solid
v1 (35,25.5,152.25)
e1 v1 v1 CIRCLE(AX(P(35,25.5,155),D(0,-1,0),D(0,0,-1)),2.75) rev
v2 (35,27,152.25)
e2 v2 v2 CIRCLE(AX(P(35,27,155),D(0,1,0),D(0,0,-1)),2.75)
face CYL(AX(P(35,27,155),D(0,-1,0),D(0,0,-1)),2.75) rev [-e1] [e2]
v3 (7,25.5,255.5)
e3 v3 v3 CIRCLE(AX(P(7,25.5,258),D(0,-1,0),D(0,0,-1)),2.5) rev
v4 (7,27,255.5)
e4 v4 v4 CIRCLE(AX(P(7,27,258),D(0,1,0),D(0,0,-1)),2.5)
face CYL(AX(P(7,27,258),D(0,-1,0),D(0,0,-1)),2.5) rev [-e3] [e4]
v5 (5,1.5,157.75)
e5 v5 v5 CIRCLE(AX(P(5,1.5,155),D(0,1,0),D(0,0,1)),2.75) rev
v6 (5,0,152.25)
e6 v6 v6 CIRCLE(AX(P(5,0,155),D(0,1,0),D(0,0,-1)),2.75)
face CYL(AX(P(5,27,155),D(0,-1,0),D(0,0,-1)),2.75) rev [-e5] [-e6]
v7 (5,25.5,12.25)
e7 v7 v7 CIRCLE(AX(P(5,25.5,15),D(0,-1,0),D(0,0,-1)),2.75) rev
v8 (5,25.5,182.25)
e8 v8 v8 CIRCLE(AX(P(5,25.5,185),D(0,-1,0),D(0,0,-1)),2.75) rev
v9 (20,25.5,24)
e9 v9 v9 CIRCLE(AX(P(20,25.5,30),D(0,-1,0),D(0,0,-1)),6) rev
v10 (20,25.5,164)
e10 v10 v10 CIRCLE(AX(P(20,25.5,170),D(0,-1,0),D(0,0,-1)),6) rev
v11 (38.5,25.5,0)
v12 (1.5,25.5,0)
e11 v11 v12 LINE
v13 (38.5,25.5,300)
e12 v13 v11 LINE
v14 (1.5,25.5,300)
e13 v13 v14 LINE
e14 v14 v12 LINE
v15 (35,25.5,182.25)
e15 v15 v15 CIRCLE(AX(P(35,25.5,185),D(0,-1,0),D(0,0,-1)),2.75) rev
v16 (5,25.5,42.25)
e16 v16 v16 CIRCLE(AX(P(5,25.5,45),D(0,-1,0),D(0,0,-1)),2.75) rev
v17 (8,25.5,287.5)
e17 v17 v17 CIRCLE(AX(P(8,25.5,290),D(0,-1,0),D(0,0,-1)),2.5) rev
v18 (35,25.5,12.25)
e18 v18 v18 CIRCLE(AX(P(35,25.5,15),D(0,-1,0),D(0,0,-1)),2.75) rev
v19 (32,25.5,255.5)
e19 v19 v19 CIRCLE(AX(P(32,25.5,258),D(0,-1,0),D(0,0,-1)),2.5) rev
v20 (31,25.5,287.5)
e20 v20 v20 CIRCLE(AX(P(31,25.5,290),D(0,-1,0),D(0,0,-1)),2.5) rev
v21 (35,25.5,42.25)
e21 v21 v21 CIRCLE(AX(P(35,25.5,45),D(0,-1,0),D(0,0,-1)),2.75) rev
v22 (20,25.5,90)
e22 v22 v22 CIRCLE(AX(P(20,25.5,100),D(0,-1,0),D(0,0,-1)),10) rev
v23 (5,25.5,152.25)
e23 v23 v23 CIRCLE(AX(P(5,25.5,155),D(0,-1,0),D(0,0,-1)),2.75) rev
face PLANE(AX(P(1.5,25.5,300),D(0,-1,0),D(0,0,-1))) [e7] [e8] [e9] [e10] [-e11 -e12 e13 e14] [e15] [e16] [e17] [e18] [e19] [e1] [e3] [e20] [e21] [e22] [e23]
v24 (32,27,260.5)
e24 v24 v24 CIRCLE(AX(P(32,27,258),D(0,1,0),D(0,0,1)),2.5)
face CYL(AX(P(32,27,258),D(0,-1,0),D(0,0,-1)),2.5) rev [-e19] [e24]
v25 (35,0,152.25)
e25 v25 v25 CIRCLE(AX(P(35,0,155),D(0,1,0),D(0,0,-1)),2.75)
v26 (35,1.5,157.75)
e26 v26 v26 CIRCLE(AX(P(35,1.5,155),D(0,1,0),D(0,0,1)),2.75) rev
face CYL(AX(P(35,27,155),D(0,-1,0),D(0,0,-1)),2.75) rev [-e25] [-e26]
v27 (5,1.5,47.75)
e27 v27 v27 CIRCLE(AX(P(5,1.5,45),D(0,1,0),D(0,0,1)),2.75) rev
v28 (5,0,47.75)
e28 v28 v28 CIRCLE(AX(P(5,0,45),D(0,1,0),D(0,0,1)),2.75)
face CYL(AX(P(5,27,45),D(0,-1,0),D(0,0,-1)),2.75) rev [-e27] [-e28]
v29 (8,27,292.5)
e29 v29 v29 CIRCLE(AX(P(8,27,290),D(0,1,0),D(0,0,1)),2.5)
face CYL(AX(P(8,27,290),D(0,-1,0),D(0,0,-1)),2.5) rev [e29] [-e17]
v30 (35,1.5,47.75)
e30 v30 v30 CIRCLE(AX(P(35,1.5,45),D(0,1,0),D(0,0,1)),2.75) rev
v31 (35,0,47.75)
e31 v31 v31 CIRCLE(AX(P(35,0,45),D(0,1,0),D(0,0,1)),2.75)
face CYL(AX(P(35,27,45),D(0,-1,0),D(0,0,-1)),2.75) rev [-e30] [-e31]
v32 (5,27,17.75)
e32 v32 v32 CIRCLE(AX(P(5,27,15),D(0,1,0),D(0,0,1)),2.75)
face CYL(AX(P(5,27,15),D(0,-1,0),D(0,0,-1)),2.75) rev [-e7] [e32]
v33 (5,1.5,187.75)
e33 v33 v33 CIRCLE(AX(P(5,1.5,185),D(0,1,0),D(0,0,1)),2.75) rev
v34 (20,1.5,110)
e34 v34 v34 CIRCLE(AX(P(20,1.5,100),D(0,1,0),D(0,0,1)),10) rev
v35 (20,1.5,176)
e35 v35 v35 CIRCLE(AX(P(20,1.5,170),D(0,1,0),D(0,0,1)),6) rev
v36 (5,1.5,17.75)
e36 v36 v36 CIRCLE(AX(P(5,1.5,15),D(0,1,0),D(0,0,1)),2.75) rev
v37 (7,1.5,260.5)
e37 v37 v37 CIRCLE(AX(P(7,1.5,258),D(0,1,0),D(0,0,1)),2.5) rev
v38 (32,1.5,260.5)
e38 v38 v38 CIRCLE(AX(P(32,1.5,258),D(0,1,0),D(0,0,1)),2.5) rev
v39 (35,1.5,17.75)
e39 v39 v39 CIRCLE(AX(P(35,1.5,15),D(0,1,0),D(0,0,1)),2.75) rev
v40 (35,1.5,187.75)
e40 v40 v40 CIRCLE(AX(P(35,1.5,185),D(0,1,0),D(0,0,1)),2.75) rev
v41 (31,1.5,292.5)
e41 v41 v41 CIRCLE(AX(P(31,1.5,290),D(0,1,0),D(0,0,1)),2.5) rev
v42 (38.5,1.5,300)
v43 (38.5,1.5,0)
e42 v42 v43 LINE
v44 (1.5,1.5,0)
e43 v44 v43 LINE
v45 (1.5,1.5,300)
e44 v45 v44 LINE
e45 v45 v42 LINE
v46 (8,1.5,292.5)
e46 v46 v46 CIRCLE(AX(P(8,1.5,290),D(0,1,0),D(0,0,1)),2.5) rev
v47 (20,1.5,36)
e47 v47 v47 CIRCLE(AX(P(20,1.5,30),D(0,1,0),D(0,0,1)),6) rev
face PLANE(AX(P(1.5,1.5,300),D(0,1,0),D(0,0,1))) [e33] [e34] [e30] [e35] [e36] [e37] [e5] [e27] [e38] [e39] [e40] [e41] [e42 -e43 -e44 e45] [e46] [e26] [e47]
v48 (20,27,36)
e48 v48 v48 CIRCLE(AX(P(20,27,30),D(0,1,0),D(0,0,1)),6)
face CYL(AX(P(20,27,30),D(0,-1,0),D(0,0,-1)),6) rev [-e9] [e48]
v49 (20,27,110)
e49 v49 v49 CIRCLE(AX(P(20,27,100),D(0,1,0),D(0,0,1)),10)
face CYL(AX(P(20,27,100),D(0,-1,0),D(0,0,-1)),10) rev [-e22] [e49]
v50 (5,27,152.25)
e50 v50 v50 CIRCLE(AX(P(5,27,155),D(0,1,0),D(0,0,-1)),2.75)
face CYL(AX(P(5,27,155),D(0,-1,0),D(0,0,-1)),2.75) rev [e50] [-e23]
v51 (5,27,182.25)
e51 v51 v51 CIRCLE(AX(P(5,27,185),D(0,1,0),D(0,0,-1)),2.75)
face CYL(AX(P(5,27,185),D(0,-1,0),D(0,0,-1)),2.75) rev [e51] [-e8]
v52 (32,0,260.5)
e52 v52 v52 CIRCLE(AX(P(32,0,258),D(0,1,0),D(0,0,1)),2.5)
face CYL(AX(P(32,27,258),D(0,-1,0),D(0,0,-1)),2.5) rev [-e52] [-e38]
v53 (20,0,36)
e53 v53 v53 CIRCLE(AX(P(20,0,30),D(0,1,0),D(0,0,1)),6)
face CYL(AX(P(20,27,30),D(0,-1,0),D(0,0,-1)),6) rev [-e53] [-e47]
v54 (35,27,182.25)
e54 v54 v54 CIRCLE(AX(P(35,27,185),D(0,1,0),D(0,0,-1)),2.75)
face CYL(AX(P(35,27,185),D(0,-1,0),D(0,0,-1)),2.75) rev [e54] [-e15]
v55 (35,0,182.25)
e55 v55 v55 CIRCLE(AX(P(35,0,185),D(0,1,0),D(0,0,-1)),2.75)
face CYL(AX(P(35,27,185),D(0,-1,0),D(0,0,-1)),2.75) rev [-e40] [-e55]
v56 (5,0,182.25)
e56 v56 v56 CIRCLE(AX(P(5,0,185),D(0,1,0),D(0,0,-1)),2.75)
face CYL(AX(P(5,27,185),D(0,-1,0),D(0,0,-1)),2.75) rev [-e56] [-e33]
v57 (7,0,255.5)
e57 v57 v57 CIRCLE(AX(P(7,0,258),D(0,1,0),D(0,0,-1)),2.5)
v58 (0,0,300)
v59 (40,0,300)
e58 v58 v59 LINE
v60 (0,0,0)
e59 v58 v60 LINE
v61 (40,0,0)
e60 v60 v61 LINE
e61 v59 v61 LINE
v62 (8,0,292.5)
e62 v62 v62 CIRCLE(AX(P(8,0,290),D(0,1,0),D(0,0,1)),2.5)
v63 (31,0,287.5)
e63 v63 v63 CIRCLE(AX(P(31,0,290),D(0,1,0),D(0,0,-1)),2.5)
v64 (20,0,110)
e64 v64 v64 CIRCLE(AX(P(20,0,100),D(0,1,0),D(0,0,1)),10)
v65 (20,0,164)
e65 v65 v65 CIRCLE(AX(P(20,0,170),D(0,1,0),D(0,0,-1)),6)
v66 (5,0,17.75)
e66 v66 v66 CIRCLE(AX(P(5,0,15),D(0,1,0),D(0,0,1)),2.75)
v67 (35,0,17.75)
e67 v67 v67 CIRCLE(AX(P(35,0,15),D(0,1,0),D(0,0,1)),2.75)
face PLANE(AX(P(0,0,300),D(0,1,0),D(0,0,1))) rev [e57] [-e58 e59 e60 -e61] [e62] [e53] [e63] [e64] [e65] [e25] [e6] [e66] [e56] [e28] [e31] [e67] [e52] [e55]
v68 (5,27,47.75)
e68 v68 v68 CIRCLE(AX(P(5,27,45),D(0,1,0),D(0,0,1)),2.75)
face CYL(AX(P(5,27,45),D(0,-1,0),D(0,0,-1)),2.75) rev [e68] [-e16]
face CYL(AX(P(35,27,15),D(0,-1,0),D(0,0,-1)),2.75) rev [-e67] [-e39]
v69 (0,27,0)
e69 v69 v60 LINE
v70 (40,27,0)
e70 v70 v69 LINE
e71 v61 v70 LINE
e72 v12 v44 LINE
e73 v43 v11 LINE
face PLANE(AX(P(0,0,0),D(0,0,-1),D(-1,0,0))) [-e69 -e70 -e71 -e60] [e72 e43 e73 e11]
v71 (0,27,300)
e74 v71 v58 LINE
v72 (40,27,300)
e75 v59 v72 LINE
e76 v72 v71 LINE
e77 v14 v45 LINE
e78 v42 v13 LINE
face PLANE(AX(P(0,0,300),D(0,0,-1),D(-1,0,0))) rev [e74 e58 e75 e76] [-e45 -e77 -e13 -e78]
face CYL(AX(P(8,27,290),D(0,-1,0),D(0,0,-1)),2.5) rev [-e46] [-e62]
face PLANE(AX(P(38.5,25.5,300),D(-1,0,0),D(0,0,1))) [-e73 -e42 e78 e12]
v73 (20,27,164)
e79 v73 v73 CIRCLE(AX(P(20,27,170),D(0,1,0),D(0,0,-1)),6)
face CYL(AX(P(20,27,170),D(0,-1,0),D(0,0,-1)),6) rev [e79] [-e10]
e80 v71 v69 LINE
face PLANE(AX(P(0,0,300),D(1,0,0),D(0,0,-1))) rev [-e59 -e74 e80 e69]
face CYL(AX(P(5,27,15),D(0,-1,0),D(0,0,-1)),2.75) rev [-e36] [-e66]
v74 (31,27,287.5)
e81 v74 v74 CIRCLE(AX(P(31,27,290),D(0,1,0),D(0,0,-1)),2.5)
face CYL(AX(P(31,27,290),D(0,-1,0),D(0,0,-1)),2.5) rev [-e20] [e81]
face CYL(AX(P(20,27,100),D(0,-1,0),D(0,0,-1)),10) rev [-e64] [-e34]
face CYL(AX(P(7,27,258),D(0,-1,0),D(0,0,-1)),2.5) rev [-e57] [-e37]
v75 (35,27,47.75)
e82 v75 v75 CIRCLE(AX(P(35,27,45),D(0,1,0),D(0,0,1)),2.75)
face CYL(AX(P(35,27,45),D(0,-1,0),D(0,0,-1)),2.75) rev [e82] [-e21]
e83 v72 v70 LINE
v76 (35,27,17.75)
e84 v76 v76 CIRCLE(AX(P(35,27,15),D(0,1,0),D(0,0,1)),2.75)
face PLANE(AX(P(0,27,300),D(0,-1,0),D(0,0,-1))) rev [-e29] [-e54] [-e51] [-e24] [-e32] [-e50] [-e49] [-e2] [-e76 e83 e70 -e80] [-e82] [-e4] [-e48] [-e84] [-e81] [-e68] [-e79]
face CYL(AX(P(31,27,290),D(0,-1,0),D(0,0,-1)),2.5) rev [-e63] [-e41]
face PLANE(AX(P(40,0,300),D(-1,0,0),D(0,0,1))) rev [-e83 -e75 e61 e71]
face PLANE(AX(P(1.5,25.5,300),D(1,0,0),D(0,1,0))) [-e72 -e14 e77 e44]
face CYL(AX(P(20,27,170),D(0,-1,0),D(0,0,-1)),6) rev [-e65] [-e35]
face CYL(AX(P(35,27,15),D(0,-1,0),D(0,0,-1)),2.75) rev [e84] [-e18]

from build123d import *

# Parameters (mm, degrees)
ESQUISSE1_W             = 40
ESQUISSE1_H             = 27
ESQUISSE1_W_2           = 37
ESQUISSE1_H_2           = 24
BOSS_EXTRU_1_DEPTH      = 300
ESQUISSE2_R             = 2.5
ENL_V_MAT_EXTRU_1_DEPTH = 304.856874202
ESQUISSE3_R             = 6
ESQUISSE3_R_2           = 2.75
ESQUISSE3_R_3           = 10
ENL_V_MAT_EXTRU_2_DEPTH = 304.856874202


with BuildPart() as part:
    # Esquisse1 → Boss.-Extru.1 (new body)
    with BuildSketch(Plane.XY):
        with Locations((20, 13.5)):
            Rectangle(ESQUISSE1_W, ESQUISSE1_H)
        with Locations((20, 13.5)):
            Rectangle(ESQUISSE1_W_2, ESQUISSE1_H_2, mode=Mode.SUBTRACT)
    extrude(amount=BOSS_EXTRU_1_DEPTH)

    # Esquisse2 → Enlèv. mat.-Extru.1 (cut, through all)
    with BuildSketch(Plane(origin=(0, 0, 0), x_dir=(1, 0, 0), z_dir=(0, 1, 0))):
        with Locations(Location((8, -290, 0), (0, 0, 90))):
            Circle(ESQUISSE2_R)
        with Locations(Location((32, -258, 0), (0, 0, 90))):
            Circle(ESQUISSE2_R)
        with Locations(Location((7, -258, 0), (0, 0, 90))):
            Circle(ESQUISSE2_R)
        with Locations(Location((31, -290, 0), (0, 0, 90))):
            Circle(ESQUISSE2_R)
    extrude(amount=ENL_V_MAT_EXTRU_1_DEPTH, mode=Mode.SUBTRACT)

    # Esquisse3 → Enlèv. mat.-Extru.2 (cut, through all)
    with BuildSketch(Plane(origin=(0, 0, 0), x_dir=(1, 0, 0), z_dir=(0, 1, 0))):
        with Locations(Location((20, -30, 0), (0, 0, 90))):
            Circle(ESQUISSE3_R)
        with Locations(Location((5, -15, 0), (0, 0, 90))):
            Circle(ESQUISSE3_R_2)
        with Locations(Location((20, -100, 0), (0, 0, 90))):
            Circle(ESQUISSE3_R_3)
        with Locations(Location((35, -15, 0), (0, 0, 90))):
            Circle(ESQUISSE3_R_2)
        with Locations(Location((35, -45, 0), (0, 0, 90))):
            Circle(ESQUISSE3_R_2)
        with Locations(Location((5, -45, 0), (0, 0, 90))):
            Circle(ESQUISSE3_R_2)
        with Locations(Location((5, -185, 0), (0, 0, 90))):
            Circle(ESQUISSE3_R_2)
        with Locations(Location((35, -185, 0), (0, 0, 90))):
            Circle(ESQUISSE3_R_2)
        with Locations(Location((35, -155, 0), (0, 0, 90))):
            Circle(ESQUISSE3_R_2)
        with Locations(Location((20, -170, 0), (0, 0, 90))):
            Circle(ESQUISSE3_R)
        with Locations(Location((5, -155, 0), (0, 0, 90))):
            Circle(ESQUISSE3_R_2)
    extrude(amount=ENL_V_MAT_EXTRU_2_DEPTH, mode=Mode.SUBTRACT)


solid = part.part
